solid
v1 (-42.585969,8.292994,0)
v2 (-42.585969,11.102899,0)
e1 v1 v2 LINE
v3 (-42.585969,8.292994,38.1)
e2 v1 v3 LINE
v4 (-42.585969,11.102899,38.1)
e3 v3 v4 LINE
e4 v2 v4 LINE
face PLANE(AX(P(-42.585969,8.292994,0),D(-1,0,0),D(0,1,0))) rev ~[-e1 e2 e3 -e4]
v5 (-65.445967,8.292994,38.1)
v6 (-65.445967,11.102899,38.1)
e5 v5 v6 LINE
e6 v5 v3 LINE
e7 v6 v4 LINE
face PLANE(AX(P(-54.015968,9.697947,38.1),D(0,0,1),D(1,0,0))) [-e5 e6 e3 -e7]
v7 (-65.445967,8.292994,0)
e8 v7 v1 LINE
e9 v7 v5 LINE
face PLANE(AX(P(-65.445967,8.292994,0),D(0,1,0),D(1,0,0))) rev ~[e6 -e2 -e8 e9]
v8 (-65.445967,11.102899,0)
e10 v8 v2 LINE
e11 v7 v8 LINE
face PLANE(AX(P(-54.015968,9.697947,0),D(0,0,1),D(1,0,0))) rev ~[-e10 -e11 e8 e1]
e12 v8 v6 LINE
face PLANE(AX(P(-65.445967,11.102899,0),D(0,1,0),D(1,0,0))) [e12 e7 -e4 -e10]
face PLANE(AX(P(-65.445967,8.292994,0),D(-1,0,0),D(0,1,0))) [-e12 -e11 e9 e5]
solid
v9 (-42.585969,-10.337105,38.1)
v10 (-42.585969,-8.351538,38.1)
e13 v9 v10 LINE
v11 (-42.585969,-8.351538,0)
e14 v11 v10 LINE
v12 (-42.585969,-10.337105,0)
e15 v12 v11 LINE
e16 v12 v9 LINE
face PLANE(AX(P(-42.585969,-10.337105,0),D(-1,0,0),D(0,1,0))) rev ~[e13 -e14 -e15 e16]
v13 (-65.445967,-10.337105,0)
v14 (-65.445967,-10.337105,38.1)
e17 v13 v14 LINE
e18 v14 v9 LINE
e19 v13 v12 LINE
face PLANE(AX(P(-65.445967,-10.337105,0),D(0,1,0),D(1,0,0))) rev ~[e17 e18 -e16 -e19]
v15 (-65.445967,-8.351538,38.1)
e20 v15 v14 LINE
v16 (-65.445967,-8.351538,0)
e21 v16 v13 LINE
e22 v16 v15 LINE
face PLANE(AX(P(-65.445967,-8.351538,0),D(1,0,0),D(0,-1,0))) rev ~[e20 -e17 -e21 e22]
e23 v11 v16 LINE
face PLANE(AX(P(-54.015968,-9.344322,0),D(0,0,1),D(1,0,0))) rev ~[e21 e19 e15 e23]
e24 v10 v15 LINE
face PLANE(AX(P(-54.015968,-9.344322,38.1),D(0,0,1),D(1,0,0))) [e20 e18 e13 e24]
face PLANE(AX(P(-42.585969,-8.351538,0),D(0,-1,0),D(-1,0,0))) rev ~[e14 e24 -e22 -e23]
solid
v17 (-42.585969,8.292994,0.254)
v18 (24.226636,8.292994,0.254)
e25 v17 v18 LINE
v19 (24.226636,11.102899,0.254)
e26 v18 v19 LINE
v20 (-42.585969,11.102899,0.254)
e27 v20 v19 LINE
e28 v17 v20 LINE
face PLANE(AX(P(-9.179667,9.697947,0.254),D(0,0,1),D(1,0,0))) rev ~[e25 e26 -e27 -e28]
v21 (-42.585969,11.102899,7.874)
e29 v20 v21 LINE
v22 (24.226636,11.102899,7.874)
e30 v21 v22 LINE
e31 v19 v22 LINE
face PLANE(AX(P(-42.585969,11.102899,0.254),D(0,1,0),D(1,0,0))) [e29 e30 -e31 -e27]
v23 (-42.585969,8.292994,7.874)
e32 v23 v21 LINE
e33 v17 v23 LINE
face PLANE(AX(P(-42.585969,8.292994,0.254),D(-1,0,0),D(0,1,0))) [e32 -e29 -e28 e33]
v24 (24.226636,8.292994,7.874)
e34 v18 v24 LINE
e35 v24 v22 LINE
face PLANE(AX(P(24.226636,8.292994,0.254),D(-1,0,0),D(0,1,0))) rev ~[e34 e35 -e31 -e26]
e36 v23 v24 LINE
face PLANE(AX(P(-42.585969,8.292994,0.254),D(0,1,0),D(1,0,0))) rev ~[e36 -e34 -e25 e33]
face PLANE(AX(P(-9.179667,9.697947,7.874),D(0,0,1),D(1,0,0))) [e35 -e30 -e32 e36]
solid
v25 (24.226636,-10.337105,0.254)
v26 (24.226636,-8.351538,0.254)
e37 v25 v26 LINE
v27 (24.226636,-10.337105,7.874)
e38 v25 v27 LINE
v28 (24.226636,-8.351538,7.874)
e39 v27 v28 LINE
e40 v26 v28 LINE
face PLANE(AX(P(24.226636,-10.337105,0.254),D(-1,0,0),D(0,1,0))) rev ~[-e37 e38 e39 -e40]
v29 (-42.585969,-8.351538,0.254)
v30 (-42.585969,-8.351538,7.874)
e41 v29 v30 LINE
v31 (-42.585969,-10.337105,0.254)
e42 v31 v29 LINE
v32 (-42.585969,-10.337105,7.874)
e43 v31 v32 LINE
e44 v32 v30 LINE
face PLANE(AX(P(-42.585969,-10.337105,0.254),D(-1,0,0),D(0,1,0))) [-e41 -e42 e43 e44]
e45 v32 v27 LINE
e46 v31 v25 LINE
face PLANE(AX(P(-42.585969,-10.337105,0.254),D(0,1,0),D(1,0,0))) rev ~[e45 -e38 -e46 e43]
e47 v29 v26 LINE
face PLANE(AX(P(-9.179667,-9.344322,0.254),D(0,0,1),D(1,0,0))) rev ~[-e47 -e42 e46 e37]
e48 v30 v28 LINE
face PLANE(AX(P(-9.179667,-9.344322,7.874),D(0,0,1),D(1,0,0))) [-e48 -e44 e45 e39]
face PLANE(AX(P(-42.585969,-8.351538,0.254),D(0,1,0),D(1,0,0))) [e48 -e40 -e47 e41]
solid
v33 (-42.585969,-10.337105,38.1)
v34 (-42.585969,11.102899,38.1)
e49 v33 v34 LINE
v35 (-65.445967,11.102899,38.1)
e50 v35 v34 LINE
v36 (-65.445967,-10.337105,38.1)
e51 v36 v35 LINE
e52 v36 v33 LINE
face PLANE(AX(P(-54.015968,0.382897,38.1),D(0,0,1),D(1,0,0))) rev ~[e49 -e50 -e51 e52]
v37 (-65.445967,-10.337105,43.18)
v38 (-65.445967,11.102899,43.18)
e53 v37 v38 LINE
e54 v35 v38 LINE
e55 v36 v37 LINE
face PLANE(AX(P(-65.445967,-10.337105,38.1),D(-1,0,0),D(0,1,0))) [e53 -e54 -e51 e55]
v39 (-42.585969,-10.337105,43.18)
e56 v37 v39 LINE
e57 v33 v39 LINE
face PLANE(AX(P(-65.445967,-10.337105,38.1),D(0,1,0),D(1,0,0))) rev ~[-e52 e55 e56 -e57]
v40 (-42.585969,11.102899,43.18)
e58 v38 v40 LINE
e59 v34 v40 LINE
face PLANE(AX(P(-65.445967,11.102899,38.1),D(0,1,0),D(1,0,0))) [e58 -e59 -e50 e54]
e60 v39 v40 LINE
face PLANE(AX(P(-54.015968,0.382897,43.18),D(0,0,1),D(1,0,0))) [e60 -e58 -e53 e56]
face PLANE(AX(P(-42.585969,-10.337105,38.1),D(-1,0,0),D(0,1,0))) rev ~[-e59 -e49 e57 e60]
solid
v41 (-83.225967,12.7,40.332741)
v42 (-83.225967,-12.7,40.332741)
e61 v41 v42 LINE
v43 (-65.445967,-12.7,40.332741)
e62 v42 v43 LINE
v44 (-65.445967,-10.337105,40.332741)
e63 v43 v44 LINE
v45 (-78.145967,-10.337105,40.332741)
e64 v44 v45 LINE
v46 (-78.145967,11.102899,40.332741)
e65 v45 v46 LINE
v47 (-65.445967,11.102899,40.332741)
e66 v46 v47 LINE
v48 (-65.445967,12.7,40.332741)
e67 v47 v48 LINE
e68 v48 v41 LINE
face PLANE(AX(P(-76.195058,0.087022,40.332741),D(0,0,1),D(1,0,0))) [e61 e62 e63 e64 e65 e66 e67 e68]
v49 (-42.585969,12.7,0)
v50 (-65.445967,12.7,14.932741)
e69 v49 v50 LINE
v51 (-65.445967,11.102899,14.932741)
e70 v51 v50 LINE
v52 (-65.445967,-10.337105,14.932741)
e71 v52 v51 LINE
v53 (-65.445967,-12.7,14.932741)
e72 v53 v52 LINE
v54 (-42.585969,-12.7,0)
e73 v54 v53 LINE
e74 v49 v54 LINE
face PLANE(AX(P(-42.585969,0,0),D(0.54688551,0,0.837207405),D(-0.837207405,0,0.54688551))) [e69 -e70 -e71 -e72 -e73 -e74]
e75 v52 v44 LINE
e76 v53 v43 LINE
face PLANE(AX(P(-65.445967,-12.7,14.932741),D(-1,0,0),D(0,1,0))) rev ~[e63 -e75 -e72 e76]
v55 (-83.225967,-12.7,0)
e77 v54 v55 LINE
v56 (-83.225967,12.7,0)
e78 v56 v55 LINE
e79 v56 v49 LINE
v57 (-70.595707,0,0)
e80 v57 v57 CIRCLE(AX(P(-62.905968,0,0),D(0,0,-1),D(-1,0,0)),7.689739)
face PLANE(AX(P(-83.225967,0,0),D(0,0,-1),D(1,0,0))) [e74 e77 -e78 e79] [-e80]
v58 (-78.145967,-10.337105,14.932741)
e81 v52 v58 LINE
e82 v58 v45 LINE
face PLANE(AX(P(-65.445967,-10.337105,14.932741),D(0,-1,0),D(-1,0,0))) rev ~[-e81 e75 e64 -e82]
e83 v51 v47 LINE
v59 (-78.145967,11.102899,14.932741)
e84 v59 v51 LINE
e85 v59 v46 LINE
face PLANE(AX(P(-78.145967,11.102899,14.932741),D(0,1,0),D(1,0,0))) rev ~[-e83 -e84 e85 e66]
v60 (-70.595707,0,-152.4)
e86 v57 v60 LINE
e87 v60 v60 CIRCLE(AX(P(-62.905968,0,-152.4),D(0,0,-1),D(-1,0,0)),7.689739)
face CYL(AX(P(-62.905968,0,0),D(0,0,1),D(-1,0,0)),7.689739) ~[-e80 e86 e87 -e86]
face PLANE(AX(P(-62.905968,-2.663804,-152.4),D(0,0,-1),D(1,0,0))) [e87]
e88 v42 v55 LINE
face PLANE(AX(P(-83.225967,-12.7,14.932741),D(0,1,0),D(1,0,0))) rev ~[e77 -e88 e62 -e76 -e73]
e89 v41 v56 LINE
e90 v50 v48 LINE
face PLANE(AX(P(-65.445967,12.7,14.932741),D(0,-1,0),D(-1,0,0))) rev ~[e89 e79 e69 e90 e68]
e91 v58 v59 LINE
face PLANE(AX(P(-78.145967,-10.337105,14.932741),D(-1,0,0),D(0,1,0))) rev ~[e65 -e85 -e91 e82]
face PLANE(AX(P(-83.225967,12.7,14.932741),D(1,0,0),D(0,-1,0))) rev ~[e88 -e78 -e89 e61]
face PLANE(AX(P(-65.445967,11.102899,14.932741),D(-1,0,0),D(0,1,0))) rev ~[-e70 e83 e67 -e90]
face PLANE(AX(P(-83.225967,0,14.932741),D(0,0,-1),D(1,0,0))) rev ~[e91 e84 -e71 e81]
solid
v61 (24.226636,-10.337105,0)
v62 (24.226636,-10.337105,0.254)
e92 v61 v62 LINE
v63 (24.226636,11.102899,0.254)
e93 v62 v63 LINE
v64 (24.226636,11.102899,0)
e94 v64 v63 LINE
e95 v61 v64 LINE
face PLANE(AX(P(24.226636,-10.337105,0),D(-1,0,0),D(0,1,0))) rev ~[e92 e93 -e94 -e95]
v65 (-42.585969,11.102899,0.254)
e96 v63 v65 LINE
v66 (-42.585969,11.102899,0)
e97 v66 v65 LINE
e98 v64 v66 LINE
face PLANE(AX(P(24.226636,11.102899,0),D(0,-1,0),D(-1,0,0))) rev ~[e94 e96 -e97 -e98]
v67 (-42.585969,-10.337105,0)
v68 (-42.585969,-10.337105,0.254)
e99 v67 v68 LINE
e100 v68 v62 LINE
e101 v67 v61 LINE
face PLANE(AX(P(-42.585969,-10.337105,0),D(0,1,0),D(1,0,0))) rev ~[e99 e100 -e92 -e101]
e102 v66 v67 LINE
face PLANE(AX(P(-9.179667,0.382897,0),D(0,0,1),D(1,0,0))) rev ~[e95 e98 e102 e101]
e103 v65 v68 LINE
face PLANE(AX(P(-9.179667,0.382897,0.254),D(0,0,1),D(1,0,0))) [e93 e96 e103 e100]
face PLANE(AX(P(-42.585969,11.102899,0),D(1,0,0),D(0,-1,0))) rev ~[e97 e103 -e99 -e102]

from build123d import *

# Parameters (mm, degrees)
F1_DEPTH  = 12.7
F2_W      = 17.78
F2_H      = 14.932741411
F3_DEPTH  = 12.7
F5_DEPTH  = 25.4
F7_DEPTH  = 0.254
F6_W      = 22.8599980474
F6_H      = 2.8099045157
F8_DEPTH  = 38.1
F9_W      = 22.8599980474
F9_H      = 21.4400039986
F10_DEPTH = 5.08
F11_W     = 66.8126046658
F11_H     = 1.9855666906
F12_DEPTH = 7.62
F11_H_2   = 2.8099045157
F14_DEPTH = 152.4


with BuildPart() as f1:
    # F0 (on Front) → F1 (new body, symmetric)
    with BuildSketch(Plane.XZ):
        Polygon((-65.4459670186, 0), (-42.5859689713, 0), (-65.4459670186, 14.932741411), align=None)
    extrude(amount=F1_DEPTH, both=True)

    # F2 (on Front) → F3 (join, symmetric)
    with BuildSketch(Plane.XZ):
        with Locations((-74.3359670186, 7.4663707055)):
            Rectangle(F2_W, F2_H)
    extrude(amount=F3_DEPTH, both=True)

    # F4 (on face) → F5 (join)
    with BuildSketch(Plane.XY.offset(14.932741411)):
        Polygon((-83.2259670186, -12.7), (-65.4459670186, -12.7), (-65.4459670186, -10.3371050209), (-78.1459670186, -10.3371050209), (-78.1459670186, 11.1028989777), (-65.4459670186, 11.1028989777), (-65.4459670186, 12.7), (-83.2259670186, 12.7), align=None)
    extrude(amount=F5_DEPTH)

    # F13 (on face) → F14 (join)
    with BuildSketch(Plane(origin=(0, 0, 0), x_dir=(1, 0, 0), z_dir=(0, 0, -1))):
        with BuildLine():
            ThreePointArc((-55.2162287311, 0), (-62.9059679949, 7.6897392638), (-70.5957072587, 0))
            Line((-70.5957072587, 0), (-55.2162287311, 0))
        make_face()
        with BuildLine():
            Line((-55.2162287311, 0), (-70.5957072587, 0))
            ThreePointArc((-70.5957072587, 0), (-62.9059679949, -7.6897392638), (-55.2162287311, 0))
        make_face()
    extrude(amount=F14_DEPTH)


with BuildPart() as f7:
    # F6 (on Top) → F7 (new body)
    with BuildSketch(Plane.XY):
        Polygon((-42.5859689713, -8.3515383303), (-42.5859689713, -10.3371050209), (24.2266356945, -10.3371050209), (24.2266356945, 11.1028989777), (-42.5859689713, 11.1028989777), (-42.5859689713, 8.292994462), align=None)
    extrude(amount=F7_DEPTH)


with BuildPart() as f8:
    # F6 (on Top) → F8 (new body)
    with BuildSketch(Plane.XY):
        with Locations((-54.0159679949, 9.6979467198)):
            Rectangle(F6_W, F6_H)
    extrude(amount=F8_DEPTH)


with BuildPart() as f8b:
    # F6 (on Top) → F8, piece 2 (new body)
    with BuildSketch(Plane.XY):
        Polygon((-65.4459670186, -10.3371050209), (-42.5859689713, -10.3371050209), (-42.5859689713, -8.3515383303), (-62.3576827347, -8.3515383303), (-65.4459670186, -8.3515383303), align=None)
    extrude(amount=F8_DEPTH)


with BuildPart() as f10:
    # F9 (on face) → F10 (new body)
    with BuildSketch(Plane.XY.offset(38.1)):
        with Locations((-54.0159679949, 0.3828969784)):
            Rectangle(F9_W, F9_H)
    extrude(amount=F10_DEPTH)


with BuildPart() as f12:
    # F11 (on face) → F12 (new body)
    with BuildSketch(Plane.XY.offset(0.254)):
        with Locations((-9.1796666384, -9.3443216756)):
            Rectangle(F11_W, F11_H)
    extrude(amount=F12_DEPTH)


with BuildPart() as f12b:
    # F11 (on face) → F12, piece 2 (new body)
    with BuildSketch(Plane.XY.offset(0.254)):
        with Locations((-9.1796666384, 9.6979467198)):
            Rectangle(F11_W, F11_H_2)
    extrude(amount=F12_DEPTH)


solid = Compound([f1.part, f7.part, f8.part, f8b.part, f10.part, f12.part, f12b.part])
